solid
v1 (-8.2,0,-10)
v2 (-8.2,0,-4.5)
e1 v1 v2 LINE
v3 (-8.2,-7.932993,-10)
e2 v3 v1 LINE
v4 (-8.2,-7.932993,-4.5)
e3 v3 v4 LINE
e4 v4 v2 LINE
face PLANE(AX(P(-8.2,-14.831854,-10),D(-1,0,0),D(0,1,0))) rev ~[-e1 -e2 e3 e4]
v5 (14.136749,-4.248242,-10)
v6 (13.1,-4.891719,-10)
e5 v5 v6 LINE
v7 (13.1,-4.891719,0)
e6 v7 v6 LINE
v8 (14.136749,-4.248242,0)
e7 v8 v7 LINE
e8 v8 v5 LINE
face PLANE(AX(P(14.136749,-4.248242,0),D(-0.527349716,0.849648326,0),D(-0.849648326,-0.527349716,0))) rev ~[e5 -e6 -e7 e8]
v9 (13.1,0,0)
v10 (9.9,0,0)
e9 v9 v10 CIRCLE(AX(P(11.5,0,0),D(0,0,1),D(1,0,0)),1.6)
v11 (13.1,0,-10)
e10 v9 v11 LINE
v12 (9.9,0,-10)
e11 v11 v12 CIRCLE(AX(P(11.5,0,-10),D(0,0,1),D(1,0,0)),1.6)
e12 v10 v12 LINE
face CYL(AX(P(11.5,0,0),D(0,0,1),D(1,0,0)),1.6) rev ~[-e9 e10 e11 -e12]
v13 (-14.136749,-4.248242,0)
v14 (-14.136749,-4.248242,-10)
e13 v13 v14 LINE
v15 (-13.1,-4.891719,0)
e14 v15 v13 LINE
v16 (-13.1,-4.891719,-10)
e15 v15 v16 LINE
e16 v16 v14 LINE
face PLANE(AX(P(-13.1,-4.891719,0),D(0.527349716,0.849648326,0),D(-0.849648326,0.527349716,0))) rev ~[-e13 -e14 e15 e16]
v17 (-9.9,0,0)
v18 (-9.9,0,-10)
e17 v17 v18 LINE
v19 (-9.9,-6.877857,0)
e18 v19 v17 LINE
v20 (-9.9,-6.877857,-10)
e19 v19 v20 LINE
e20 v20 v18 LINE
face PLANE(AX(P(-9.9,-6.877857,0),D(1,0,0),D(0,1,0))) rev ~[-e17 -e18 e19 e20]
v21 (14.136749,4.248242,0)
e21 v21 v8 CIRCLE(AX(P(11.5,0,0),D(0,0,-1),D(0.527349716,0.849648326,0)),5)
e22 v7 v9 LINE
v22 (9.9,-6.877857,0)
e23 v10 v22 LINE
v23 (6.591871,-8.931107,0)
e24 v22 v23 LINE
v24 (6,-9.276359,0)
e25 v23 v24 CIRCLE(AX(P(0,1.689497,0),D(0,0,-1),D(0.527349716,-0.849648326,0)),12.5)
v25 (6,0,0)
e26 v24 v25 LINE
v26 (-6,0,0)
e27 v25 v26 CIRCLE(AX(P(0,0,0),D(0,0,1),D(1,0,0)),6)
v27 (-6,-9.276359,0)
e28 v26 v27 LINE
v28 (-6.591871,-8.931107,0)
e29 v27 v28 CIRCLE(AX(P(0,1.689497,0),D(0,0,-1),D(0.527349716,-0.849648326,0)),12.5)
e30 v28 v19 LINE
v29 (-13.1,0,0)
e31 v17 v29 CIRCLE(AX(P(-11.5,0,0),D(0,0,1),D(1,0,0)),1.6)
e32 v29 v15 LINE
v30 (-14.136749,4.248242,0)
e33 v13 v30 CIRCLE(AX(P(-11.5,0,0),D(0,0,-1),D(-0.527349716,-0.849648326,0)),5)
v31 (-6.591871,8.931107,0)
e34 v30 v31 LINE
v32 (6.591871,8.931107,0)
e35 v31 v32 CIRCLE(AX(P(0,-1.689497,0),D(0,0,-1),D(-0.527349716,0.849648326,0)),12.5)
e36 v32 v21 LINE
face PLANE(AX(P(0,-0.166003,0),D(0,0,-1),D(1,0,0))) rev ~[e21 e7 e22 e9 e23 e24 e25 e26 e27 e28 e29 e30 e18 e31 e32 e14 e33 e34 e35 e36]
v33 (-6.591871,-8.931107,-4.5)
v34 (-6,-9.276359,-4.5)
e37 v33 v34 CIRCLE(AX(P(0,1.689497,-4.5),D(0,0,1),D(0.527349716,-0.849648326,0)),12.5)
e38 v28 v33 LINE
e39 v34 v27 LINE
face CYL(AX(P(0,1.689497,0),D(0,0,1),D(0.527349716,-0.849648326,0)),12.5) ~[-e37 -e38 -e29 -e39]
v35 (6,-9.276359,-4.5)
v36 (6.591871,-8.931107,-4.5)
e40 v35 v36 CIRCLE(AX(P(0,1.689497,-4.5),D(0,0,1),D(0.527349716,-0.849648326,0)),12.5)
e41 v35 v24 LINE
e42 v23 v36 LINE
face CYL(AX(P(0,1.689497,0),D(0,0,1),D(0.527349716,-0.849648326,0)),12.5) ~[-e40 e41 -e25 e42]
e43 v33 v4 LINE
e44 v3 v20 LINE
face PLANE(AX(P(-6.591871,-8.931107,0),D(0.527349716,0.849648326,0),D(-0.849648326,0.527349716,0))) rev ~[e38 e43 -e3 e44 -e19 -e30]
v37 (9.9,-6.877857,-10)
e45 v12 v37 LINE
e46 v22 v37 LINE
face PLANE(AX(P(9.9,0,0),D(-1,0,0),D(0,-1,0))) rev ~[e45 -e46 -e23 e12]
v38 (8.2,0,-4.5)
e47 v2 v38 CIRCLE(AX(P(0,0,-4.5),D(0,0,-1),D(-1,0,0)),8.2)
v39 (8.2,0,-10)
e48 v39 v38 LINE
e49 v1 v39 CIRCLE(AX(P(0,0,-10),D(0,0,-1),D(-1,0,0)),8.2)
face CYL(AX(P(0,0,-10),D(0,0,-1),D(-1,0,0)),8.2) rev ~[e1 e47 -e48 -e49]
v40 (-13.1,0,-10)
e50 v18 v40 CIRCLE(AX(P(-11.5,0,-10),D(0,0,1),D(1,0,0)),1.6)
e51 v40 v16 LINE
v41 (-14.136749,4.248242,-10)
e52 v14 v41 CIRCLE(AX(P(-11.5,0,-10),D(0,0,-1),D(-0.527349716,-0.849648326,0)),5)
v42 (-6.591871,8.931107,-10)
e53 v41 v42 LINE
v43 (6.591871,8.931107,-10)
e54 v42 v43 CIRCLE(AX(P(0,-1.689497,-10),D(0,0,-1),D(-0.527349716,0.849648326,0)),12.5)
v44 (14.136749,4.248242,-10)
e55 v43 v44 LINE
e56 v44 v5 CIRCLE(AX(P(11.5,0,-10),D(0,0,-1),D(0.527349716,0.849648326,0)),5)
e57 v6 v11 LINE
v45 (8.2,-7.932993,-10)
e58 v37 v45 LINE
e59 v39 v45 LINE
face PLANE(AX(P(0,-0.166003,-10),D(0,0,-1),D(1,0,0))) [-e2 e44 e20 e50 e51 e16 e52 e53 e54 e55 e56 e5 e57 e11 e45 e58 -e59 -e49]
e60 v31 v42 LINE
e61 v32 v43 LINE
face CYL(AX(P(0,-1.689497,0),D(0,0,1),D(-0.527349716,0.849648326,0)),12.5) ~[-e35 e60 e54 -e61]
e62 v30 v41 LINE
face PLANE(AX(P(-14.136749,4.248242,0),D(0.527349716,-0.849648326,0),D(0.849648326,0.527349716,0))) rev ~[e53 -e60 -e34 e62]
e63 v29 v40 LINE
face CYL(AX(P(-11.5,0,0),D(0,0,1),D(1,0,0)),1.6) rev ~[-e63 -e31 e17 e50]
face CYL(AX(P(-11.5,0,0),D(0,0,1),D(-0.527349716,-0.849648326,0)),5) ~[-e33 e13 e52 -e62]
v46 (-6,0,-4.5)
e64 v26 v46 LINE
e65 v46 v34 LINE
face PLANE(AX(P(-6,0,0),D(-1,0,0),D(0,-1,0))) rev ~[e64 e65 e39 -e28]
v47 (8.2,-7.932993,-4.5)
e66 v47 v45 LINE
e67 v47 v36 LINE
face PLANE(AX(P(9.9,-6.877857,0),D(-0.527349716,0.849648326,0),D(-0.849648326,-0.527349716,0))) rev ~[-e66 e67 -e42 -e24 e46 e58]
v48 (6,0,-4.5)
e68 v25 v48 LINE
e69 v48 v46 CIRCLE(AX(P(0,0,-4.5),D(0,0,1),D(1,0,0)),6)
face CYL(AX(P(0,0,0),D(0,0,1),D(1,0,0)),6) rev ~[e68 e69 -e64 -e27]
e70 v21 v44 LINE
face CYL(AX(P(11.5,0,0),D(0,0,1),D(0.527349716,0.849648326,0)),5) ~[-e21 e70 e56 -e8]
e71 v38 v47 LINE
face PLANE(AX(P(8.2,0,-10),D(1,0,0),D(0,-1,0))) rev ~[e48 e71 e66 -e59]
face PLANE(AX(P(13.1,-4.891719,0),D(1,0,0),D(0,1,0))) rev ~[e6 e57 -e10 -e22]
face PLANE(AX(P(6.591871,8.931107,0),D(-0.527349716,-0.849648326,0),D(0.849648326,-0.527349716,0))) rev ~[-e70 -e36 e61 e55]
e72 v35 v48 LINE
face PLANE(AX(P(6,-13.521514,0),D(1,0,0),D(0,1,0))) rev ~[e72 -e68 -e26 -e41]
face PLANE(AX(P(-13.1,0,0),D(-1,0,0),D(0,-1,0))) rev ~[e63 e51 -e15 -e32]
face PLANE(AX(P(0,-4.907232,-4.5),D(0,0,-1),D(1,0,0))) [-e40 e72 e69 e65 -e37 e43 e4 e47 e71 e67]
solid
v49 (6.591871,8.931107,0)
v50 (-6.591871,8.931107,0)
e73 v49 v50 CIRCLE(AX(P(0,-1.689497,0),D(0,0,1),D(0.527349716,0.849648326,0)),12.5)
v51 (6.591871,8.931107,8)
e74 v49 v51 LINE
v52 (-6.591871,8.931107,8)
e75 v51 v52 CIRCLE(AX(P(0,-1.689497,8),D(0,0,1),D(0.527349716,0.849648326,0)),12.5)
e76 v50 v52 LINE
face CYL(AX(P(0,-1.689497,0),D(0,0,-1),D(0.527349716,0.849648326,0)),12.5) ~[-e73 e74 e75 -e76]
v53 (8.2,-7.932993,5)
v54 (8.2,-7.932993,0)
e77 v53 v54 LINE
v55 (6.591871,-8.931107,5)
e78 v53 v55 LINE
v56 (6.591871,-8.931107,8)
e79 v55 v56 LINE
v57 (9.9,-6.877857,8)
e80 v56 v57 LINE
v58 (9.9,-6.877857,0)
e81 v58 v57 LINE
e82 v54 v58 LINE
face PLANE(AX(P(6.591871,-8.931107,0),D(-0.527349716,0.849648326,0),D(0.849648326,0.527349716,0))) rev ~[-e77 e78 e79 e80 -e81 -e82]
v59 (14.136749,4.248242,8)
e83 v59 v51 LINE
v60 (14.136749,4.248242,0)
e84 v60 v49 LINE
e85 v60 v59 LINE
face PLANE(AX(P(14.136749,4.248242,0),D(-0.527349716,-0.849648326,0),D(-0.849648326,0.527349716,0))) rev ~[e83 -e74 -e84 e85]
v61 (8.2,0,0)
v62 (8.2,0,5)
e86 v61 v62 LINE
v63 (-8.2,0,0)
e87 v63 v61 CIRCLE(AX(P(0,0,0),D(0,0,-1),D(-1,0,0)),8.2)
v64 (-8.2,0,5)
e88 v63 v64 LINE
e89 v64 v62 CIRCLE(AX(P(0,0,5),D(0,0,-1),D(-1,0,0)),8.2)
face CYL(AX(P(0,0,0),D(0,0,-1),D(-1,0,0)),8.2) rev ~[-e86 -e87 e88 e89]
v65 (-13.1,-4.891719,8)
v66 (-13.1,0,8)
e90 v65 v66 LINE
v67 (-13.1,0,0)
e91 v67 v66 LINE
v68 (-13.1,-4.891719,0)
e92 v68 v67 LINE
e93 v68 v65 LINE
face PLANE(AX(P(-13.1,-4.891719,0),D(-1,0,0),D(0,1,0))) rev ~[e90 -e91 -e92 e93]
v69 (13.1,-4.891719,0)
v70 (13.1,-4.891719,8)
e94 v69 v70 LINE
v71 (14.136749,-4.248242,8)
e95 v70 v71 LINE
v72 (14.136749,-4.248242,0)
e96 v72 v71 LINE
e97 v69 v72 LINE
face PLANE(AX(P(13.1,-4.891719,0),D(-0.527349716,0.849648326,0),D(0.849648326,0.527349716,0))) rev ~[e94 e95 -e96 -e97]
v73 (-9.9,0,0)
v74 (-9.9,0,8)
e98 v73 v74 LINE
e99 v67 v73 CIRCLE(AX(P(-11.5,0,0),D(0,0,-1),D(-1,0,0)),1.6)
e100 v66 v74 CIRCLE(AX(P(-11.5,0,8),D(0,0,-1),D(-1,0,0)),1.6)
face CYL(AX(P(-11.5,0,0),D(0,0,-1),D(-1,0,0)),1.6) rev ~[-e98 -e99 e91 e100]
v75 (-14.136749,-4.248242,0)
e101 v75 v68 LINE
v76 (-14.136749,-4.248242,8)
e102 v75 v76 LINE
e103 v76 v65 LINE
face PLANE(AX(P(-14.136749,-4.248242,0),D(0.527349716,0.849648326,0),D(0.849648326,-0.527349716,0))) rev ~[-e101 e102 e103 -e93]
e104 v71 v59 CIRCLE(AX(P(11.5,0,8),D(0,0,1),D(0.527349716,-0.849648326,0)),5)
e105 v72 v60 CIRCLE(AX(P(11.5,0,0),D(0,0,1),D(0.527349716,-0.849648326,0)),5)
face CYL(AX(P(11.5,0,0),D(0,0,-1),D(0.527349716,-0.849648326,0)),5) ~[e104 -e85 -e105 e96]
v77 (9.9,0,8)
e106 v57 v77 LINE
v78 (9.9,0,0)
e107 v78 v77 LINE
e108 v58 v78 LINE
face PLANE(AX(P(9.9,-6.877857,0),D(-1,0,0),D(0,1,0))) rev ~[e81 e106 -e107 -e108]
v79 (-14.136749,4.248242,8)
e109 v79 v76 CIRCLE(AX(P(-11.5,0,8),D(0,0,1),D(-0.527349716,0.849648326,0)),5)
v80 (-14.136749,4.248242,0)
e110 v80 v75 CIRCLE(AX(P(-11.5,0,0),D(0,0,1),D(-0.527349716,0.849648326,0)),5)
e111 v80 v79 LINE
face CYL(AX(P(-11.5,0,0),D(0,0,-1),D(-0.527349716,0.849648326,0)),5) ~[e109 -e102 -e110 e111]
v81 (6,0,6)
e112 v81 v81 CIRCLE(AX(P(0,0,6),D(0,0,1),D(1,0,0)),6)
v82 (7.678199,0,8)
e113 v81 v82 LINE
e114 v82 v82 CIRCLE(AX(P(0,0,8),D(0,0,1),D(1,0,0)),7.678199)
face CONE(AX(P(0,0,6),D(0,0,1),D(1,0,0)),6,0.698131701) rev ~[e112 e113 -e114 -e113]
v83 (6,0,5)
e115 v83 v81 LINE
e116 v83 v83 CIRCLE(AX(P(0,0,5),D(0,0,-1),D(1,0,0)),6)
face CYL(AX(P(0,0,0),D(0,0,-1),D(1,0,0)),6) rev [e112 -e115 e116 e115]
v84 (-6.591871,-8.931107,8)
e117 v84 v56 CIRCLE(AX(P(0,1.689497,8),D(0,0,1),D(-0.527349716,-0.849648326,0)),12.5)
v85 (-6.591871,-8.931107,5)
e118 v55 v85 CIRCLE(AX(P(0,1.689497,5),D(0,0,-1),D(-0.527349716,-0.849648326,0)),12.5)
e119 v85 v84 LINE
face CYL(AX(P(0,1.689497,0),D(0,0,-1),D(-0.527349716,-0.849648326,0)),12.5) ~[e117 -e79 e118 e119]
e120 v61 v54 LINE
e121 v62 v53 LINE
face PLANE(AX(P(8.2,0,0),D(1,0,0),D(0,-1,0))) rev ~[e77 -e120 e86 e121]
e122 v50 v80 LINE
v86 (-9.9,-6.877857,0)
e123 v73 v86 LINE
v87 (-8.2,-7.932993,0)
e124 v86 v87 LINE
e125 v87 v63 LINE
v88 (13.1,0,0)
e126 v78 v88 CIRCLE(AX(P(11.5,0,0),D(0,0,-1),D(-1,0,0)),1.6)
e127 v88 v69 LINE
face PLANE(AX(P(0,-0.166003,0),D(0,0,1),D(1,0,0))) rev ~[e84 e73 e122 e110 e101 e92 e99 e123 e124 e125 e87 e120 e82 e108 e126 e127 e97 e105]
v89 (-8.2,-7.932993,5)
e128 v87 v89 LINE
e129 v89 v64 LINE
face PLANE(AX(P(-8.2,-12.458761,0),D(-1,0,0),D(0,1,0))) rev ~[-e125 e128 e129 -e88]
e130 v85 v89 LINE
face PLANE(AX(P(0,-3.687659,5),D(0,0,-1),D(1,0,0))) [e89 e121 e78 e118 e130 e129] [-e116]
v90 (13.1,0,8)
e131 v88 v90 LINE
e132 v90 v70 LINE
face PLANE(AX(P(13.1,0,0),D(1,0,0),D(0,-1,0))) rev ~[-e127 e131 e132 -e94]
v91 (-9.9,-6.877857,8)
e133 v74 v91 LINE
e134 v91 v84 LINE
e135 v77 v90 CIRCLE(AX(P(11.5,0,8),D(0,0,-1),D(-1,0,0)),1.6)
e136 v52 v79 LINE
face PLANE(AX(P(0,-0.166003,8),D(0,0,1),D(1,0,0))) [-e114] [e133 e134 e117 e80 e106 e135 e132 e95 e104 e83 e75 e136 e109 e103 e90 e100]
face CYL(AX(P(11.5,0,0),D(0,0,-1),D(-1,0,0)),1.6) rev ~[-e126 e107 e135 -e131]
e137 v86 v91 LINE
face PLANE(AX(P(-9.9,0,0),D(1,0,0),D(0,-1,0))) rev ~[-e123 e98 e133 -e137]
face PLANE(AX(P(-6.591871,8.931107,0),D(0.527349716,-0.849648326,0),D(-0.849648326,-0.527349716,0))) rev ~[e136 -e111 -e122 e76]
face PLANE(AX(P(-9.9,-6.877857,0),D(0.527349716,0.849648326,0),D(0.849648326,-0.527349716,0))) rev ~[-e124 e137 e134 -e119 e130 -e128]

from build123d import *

# Parameters (mm, degrees)
F1_R      = 6
F2_DEPTH  = 8
F4_DEPTH  = 5
F5_SIZE2  = 1.6781992624
F5_SIZE   = 2
F7_DEPTH  = 10
F9_DEPTH  = 10
F11_DEPTH = 5.5


with BuildPart() as f2:
    # F1 (on Top) → F2 (new body)
    with BuildSketch(Plane.XY):
        with BuildLine():
            Line((-6.5918714469, 8.9311071042), (-14.1367485788, 4.2482416283))
            ThreePointArc((-14.1367485788, 4.2482416283), (-16.5, 0), (-14.1367485788, -4.2482416283))
            Line((-14.1367485788, -4.2482416283), (-13.1, -4.8917185255))
            Line((-13.1, -4.8917185255), (-13.1, 0))
            ThreePointArc((-13.1, 0), (-11.5, 1.6), (-9.9, 0))
            Line((-9.9, 0), (-9.9, -6.8778568364))
            Line((-9.9, -6.8778568364), (-6.5918714469, -8.9311071042))
            ThreePointArc((-6.5918714469, -8.9311071042), (0, -10.8105030334), (6.5918714469, -8.9311071042))
            Line((6.5918714469, -8.9311071042), (9.9, -6.8778568364))
            Line((9.9, -6.8778568364), (9.9, 0))
            ThreePointArc((9.9, 0), (11.5, 1.6), (13.1, 0))
            Line((13.1, 0), (13.1, -4.8917185255))
            Line((13.1, -4.8917185255), (14.1367485788, -4.2482416283))
            ThreePointArc((14.1367485788, -4.2482416283), (16.5, 0), (14.1367485788, 4.2482416283))
            Line((14.1367485788, 4.2482416283), (6.5918714469, 8.9311071042))
            ThreePointArc((6.5918714469, 8.9311071042), (0, 10.8105030334), (-6.5918714469, 8.9311071042))
        make_face()
        Circle(F1_R, mode=Mode.SUBTRACT)
    extrude(amount=F2_DEPTH)

    # F3 (on face) → F4 (cut)
    with BuildSketch(Plane(origin=(0, 0, 0), x_dir=(1, 0, 0), z_dir=(0, 0, -1))):
        with BuildLine():
            Line((-8.2, 12.4587612227), (-8.2, 7.9329928141))
            Line((-8.2, 7.9329928141), (-8.2, 0))
            ThreePointArc((-8.2, 0), (0, -8.2), (8.2, 0))
            Line((8.2, 0), (8.2, 7.9329928141))
            Line((8.2, 7.9329928141), (8.2, 12.4587612227))
            Line((8.2, 12.4587612227), (-8.2, 12.4587612227))
        make_face()
    extrude(amount=-F4_DEPTH, mode=Mode.SUBTRACT)

    # F5
    f5_edges = [f2.edges().sort_by_distance(p)[0] for p in [
        (-6, 0, 8),
    ]]
    f5_side = f2.faces().sort_by_distance((-6, 0, 6.5))[0]
    chamfer(f5_edges, length=F5_SIZE, length2=F5_SIZE2, reference=f5_side)


with BuildPart() as f7:
    # F6 (on face) → F7 (new body)
    with BuildSketch(Plane(origin=(0, 0, 0), x_dir=(1, 0, 0), z_dir=(0, 0, -1))):
        with BuildLine():
            ThreePointArc((6.5918714469, 8.9311071042), (0, 10.8105030334), (-6.5918714469, 8.9311071042))
            Line((-6.5918714469, 8.9311071042), (-9.9, 6.8778568364))
            Line((-9.9, 6.8778568364), (-9.9, 0))
            ThreePointArc((-9.9, 0), (-11.5, -1.6), (-13.1, 0))
            Line((-13.1, 0), (-13.1, 4.8917185255))
            Line((-13.1, 4.8917185255), (-14.1367485788, 4.2482416283))
            ThreePointArc((-14.1367485788, 4.2482416283), (-16.5, 0), (-14.1367485788, -4.2482416283))
            Line((-14.1367485788, -4.2482416283), (-6.5918714469, -8.9311071042))
            ThreePointArc((-6.5918714469, -8.9311071042), (0, -10.8105030334), (6.5918714469, -8.9311071042))
            Line((6.5918714469, -8.9311071042), (14.1367485788, -4.2482416283))
            ThreePointArc((14.1367485788, -4.2482416283), (16.5, 0), (14.1367485788, 4.2482416283))
            Line((14.1367485788, 4.2482416283), (13.1, 4.8917185255))
            Line((13.1, 4.8917185255), (13.1, 0))
            ThreePointArc((13.1, 0), (11.5, -1.6), (9.9, 0))
            Line((9.9, 0), (9.9, 6.8778568364))
            Line((9.9, 6.8778568364), (6.5918714469, 8.9311071042))
        make_face()
    extrude(amount=F7_DEPTH)

    # F8 (on face) → F9 (cut, through all)
    with BuildSketch(Plane.XY):
        with BuildLine():
            Line((6, -13.5215136041), (6, 0))
            ThreePointArc((6, 0), (0, 6), (-6, 0))
            Line((-6, 0), (-6, -13.5215136041))
            Line((-6, -13.5215136041), (6, -13.5215136041))
        make_face()
    extrude(amount=-F9_DEPTH, mode=Mode.SUBTRACT)

    # F10 (on face) → F11 (cut)
    with BuildSketch(Plane(origin=(0, 0, -10), x_dir=(1, 0, 0), z_dir=(0, 0, -1))):
        with BuildLine():
            Line((-8.2, 14.8318540305), (-8.2, 7.9329928141))
            Line((-8.2, 7.9329928141), (-8.2, 0))
            ThreePointArc((-8.2, 0), (0, -8.2), (8.2, 0))
            Line((8.2, 0), (8.2, 7.9329928141))
            Line((8.2, 7.9329928141), (8.2, 14.8318540305))
            Line((8.2, 14.8318540305), (-8.2, 14.8318540305))
        make_face()
    extrude(amount=-F11_DEPTH, mode=Mode.SUBTRACT)


solid = Compound([f2.part, f7.part])
